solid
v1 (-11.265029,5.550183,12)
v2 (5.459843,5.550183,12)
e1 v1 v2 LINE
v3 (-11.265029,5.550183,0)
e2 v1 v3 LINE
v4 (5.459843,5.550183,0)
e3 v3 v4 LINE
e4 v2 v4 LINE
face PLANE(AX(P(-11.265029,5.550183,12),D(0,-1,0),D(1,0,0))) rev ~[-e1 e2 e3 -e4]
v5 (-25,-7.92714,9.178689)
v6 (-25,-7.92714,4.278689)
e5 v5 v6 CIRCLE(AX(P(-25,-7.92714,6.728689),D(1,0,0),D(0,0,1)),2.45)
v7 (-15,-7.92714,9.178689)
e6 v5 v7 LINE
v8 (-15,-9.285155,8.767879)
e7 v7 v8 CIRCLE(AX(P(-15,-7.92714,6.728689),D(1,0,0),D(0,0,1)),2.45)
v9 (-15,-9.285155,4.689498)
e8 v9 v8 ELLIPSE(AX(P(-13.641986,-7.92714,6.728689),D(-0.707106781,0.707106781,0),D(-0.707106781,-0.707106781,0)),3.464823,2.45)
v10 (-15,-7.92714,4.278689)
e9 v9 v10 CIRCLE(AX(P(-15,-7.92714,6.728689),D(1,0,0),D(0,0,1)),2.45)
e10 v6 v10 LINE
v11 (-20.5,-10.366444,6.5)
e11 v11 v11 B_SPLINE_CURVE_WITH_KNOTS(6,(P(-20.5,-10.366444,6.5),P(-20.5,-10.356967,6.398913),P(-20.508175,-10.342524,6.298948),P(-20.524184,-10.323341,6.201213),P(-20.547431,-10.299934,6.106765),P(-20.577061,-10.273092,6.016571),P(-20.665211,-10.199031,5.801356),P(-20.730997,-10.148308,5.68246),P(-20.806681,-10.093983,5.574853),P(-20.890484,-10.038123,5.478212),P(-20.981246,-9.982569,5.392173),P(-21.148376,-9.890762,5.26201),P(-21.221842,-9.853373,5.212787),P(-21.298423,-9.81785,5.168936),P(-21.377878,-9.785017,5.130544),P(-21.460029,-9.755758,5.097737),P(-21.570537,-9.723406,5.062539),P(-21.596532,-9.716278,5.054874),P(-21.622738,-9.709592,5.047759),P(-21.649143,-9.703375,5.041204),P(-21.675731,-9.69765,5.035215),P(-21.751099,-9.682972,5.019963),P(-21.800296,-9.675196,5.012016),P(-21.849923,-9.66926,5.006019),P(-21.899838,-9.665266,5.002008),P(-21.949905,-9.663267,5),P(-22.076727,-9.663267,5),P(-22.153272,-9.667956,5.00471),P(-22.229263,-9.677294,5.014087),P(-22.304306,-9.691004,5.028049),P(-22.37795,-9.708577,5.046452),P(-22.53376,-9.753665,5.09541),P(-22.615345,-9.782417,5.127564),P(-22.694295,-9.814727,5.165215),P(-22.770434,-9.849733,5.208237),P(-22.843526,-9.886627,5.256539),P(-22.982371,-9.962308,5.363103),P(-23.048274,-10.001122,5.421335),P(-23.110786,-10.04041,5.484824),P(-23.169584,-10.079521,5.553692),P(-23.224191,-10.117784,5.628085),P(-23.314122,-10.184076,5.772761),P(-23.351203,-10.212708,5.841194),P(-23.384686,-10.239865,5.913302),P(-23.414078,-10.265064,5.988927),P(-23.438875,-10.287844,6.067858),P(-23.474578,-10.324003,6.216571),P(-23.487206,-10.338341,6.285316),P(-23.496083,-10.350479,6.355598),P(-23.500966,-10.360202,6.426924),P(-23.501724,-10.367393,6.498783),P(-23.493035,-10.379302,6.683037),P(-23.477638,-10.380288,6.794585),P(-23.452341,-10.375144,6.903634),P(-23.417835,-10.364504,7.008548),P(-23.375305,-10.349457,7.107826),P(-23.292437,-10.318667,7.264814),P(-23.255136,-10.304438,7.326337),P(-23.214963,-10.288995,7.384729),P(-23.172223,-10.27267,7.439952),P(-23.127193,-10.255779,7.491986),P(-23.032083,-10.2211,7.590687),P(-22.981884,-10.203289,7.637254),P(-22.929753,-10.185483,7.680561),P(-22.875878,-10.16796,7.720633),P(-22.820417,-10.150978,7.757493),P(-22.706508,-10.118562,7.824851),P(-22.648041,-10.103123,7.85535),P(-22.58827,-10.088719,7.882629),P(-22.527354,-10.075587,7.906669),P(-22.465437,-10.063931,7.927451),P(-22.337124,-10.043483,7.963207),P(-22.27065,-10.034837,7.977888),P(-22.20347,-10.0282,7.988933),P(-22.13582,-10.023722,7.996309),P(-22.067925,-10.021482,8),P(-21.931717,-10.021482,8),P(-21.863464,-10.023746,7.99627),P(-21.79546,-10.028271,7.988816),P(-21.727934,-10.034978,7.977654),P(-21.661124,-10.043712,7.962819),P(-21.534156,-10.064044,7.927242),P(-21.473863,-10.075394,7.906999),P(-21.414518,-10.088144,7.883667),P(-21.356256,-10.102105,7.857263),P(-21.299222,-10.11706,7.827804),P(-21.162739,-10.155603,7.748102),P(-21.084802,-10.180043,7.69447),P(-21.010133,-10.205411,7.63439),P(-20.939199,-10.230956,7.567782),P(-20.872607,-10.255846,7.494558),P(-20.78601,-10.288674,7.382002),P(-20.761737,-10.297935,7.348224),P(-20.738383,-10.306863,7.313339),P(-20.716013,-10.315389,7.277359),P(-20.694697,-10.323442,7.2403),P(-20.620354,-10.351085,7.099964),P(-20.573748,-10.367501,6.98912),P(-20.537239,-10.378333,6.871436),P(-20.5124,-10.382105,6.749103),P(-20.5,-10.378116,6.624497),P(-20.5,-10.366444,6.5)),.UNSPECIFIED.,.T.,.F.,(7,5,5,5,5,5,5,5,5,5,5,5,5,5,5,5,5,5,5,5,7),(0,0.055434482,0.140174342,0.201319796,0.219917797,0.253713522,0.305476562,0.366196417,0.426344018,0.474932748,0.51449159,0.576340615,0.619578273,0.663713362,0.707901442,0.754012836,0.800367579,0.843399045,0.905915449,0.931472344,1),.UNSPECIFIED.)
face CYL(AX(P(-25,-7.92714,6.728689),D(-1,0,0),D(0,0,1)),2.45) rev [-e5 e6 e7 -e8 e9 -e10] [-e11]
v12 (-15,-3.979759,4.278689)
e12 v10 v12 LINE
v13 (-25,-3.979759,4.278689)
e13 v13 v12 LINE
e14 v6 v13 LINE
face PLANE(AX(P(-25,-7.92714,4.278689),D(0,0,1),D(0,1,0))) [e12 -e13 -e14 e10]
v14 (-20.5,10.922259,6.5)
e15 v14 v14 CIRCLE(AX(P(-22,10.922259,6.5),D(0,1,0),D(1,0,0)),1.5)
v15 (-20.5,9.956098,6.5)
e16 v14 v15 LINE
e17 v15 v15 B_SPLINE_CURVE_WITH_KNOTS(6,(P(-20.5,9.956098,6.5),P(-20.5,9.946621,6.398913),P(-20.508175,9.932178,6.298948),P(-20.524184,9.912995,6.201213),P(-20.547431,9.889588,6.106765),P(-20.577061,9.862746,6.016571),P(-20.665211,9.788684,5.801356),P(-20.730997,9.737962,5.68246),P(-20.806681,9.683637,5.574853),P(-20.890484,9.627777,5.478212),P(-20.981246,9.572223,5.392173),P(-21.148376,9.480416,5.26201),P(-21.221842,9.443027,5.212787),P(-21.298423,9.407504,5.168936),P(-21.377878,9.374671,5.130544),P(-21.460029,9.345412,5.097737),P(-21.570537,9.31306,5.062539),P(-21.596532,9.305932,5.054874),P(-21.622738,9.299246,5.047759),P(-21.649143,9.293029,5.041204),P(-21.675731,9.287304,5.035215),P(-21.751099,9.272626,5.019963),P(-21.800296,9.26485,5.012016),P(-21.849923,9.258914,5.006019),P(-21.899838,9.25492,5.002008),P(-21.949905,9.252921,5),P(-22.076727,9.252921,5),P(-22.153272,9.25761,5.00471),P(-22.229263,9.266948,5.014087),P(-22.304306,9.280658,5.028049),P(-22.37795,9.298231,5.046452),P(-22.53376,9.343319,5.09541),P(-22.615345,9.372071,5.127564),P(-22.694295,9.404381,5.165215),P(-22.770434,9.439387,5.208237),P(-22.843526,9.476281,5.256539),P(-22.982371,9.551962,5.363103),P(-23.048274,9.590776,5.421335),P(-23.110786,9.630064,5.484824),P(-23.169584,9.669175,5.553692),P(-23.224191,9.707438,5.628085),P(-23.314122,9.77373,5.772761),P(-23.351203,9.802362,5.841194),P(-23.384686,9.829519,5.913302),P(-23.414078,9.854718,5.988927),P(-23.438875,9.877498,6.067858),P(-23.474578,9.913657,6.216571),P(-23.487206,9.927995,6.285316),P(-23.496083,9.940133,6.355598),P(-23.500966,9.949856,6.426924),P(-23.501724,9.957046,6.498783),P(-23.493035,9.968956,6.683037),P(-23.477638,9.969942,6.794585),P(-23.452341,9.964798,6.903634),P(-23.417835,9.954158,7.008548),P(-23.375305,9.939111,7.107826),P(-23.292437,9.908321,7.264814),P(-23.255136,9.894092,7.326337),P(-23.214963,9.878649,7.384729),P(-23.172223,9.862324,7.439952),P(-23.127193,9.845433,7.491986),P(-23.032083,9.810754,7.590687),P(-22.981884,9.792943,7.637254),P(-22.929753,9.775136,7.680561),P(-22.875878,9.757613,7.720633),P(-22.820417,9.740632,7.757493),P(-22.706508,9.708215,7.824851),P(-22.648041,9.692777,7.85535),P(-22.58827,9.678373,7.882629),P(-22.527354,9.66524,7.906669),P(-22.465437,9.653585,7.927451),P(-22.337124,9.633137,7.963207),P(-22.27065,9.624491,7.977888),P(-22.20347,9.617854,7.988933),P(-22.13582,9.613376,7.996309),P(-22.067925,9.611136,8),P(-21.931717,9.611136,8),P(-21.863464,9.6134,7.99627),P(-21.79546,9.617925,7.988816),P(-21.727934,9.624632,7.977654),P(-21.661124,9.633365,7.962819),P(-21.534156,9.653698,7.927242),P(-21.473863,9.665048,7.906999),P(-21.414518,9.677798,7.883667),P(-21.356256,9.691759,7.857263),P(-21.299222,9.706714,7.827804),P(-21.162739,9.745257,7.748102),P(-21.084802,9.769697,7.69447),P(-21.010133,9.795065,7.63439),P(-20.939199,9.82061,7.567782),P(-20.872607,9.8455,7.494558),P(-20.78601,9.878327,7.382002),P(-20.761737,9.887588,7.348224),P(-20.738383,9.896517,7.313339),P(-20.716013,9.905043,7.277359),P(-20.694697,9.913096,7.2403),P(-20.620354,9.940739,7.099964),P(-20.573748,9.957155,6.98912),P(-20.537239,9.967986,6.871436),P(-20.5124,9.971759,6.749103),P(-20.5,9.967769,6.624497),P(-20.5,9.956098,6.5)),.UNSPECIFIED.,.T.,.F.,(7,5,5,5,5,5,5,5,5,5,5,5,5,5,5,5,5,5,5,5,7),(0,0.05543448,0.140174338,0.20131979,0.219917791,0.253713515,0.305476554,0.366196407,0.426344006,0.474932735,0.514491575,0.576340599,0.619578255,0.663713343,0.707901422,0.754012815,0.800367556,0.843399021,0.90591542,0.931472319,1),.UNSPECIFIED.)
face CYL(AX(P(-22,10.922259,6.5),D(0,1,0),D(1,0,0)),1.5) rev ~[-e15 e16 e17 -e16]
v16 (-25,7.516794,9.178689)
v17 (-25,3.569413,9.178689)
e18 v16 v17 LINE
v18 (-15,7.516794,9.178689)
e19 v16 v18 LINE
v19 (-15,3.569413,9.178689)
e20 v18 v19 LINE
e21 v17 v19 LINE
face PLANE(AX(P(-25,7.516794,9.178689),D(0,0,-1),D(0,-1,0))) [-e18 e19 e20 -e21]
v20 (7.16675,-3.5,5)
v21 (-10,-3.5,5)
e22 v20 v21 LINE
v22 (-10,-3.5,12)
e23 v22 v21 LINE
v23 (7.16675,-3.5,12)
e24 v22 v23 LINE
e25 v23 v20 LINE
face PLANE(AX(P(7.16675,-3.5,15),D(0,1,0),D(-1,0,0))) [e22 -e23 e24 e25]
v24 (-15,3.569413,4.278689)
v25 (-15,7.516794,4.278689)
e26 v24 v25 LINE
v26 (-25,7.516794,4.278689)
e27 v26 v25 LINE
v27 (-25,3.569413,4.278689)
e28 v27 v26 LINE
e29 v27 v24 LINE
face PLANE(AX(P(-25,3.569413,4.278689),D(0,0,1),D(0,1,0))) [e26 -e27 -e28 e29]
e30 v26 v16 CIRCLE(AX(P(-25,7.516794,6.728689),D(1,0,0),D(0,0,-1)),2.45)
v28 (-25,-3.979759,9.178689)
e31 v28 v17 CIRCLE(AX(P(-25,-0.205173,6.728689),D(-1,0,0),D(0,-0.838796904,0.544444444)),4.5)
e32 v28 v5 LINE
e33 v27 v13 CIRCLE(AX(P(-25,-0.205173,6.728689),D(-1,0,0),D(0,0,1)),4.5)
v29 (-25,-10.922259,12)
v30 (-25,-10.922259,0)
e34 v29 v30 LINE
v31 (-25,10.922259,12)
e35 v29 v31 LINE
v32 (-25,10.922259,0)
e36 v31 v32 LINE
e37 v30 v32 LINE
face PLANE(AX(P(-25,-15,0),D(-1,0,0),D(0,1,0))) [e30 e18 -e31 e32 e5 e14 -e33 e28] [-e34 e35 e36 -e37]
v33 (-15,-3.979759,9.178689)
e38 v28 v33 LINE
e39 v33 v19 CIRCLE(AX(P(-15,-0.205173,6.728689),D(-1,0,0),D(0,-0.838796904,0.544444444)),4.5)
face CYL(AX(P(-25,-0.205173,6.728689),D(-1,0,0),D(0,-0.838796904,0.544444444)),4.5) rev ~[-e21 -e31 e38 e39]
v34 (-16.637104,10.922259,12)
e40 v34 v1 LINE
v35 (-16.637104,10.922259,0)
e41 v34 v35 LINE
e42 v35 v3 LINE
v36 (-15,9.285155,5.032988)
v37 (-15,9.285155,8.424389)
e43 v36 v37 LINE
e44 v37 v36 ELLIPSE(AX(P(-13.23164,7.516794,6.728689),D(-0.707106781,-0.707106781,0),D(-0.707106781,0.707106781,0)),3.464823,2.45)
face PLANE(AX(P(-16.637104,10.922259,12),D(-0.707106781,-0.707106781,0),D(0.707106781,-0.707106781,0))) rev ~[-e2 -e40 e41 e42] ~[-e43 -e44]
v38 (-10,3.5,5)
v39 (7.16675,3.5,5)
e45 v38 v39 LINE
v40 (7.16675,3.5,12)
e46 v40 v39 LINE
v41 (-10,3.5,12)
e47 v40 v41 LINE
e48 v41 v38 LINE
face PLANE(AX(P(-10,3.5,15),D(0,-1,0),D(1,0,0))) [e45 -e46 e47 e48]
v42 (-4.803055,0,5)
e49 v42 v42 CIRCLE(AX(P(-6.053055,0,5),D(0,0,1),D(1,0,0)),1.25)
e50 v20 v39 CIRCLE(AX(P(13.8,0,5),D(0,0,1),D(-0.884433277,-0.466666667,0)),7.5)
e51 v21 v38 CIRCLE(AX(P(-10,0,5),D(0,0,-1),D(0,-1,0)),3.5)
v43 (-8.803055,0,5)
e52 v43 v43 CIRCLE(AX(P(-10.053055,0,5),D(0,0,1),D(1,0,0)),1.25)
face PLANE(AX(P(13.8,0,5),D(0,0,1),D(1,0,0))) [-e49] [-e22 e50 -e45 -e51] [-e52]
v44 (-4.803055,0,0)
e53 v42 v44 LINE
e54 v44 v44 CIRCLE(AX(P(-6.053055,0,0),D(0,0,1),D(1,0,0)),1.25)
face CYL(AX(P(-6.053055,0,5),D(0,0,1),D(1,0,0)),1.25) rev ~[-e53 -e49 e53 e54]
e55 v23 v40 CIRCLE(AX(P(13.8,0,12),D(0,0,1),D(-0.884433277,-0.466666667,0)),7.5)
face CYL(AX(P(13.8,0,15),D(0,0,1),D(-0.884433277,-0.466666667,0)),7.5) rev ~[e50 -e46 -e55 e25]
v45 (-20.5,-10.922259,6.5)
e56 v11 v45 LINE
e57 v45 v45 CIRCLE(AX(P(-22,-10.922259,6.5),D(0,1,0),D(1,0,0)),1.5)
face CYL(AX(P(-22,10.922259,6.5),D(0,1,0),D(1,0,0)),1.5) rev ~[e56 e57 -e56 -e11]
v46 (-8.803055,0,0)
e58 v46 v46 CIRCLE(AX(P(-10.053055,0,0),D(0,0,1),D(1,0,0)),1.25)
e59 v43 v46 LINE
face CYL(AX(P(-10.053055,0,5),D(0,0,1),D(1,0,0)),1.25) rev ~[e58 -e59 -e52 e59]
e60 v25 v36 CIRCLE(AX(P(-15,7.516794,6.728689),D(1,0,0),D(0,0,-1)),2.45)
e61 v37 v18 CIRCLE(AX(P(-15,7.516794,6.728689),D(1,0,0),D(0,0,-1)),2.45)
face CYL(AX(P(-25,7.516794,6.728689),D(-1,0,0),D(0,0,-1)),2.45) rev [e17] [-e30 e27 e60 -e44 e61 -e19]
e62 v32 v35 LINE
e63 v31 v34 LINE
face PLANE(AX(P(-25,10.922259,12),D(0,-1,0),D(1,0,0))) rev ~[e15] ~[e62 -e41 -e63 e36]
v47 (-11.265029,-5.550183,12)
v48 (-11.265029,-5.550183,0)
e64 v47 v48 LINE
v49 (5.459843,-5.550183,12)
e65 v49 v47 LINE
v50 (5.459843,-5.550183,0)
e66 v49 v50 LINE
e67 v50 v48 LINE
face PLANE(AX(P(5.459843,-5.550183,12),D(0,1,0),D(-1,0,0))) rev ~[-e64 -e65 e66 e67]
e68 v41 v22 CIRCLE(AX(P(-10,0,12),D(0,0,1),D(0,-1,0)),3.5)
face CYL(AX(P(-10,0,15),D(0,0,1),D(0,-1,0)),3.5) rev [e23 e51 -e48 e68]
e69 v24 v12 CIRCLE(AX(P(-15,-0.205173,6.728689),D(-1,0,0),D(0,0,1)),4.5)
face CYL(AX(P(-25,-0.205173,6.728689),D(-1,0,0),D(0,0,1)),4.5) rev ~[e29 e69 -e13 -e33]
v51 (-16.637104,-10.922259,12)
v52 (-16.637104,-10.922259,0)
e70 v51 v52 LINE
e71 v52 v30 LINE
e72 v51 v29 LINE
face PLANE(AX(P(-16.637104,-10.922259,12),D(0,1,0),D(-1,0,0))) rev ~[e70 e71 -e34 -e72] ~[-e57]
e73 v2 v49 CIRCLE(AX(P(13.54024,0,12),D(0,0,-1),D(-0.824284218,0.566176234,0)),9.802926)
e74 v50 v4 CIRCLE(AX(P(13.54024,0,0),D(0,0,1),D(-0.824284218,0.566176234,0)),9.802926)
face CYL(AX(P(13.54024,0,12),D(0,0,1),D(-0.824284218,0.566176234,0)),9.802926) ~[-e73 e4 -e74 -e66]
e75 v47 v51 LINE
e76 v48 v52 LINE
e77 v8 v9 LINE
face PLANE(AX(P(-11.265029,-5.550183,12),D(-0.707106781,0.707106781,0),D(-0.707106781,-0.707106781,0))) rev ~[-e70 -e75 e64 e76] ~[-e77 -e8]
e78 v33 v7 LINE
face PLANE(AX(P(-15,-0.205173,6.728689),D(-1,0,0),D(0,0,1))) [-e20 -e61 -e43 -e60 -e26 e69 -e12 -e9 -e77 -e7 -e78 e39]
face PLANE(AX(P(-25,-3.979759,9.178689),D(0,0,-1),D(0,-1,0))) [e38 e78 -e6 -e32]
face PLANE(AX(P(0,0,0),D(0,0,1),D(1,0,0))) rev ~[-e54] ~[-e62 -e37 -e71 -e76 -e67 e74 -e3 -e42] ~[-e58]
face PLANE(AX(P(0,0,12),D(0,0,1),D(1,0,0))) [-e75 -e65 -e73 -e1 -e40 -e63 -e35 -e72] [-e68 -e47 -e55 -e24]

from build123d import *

# Parameters (mm, degrees)
SKETCH1_W           = 50
SKETCH1_H           = 30
BOSS_EXTRUDE1_DEPTH = 15
SKETCH2_R           = 4.5
CUT_EXTRUDE1_DEPTH  = 10
SKETCH4_R           = 7.5
CUT_EXTRUDE3_DEPTH  = 10
SKETCH5_R           = 1.25
CUT_EXTRUDE4_DEPTH  = 10
SKETCH7_W           = 50
SKETCH7_H           = 30
CUT_EXTRUDE5_DEPTH  = 3
CUT_EXTRUDE6_DEPTH  = 13
SKETCH9_R           = 1.5
CUT_EXTRUDE7_DEPTH  = 23


with BuildPart() as part:
    # Sketch1 → Boss-Extrude1 (new body)
    with BuildSketch(Plane.XY):
        Rectangle(SKETCH1_W, SKETCH1_H)
    extrude(amount=BOSS_EXTRUDE1_DEPTH)

    # Sketch2 → Cut-Extrude1 (cut)
    with BuildSketch(Plane.ZY.offset(25)):
        with Locations((6.728688525, -0.205173042)):
            Circle(SKETCH2_R)
        with BuildLine():
            Line((9.178688525, 7.516794171), (9.178688525, -7.927140255))
            ThreePointArc((9.178688525, -7.927140255), (6.728688525, -10.377140255), (4.278688525, -7.927140255))
            Line((4.278688525, -7.927140255), (4.278688525, 7.516794171))
            ThreePointArc((4.278688525, 7.516794171), (6.728688525, 9.966794171), (9.178688525, 7.516794171))
        make_face()
    extrude(amount=-CUT_EXTRUDE1_DEPTH, mode=Mode.SUBTRACT)

    # Sketch4 → Cut-Extrude3 (cut)
    with BuildSketch(Plane.XY.offset(15)):
        with Locations((13.8, 0)):
            Circle(SKETCH4_R)
        with BuildLine():
            Line((-10, 3.5), (13.8, 3.5))
            ThreePointArc((13.8, 3.5), (17.3, 0), (13.8, -3.5))
            Line((13.8, -3.5), (-10, -3.5))
            ThreePointArc((-10, -3.5), (-13.5, 0), (-10, 3.5))
        make_face()
    extrude(amount=-CUT_EXTRUDE3_DEPTH, mode=Mode.SUBTRACT)

    # Sketch5 → Cut-Extrude4 (cut)
    with BuildSketch(Plane.XY.offset(5)):
        with Locations((-10.053055142, 0)):
            Circle(SKETCH5_R)
        with Locations((-6.053055142, 0)):
            Circle(SKETCH5_R)
    extrude(amount=-CUT_EXTRUDE4_DEPTH, mode=Mode.SUBTRACT)

    # Sketch7 → Cut-Extrude5 (cut)
    with BuildSketch(Plane.XY.offset(15)):
        Rectangle(SKETCH7_W, SKETCH7_H)
    extrude(amount=-CUT_EXTRUDE5_DEPTH, mode=Mode.SUBTRACT)

    # Sketch8 → Cut-Extrude6 (cut)
    with BuildSketch(Plane.XY.offset(12)):
        with BuildLine():
            Line((-25, 15), (-25, 10.92225852))
            Line((-25, 10.92225852), (-16.637103876, 10.92225852))
            Line((-16.637103876, 10.92225852), (-11.26502882, 5.550183464))
            Line((-11.26502882, 5.550183464), (5.459842894, 5.550183464))
            ThreePointArc((5.459842894, 5.550183464), (23.343165243, 0), (5.459842894, -5.550183464))
            Line((5.459842894, -5.550183464), (-11.26502882, -5.550183464))
            Line((-11.26502882, -5.550183464), (-16.637103876, -10.92225852))
            Line((-16.637103876, -10.92225852), (-25, -10.92225852))
            Line((-25, -10.92225852), (-25, -15))
            Line((-25, -15), (25, -15))
            Line((25, -15), (25, 15))
            Line((25, 15), (-25, 15))
        make_face()
    extrude(amount=-CUT_EXTRUDE6_DEPTH, mode=Mode.SUBTRACT)

    # Sketch9 → Cut-Extrude7 (cut)
    with BuildSketch(Plane(origin=(0, 10.92225852, 0), x_dir=(1, 0, 0), z_dir=(0, 1, 0))):
        with Locations((-22, -6.5)):
            Circle(SKETCH9_R)
    extrude(amount=-CUT_EXTRUDE7_DEPTH, mode=Mode.SUBTRACT)


solid = part.part
